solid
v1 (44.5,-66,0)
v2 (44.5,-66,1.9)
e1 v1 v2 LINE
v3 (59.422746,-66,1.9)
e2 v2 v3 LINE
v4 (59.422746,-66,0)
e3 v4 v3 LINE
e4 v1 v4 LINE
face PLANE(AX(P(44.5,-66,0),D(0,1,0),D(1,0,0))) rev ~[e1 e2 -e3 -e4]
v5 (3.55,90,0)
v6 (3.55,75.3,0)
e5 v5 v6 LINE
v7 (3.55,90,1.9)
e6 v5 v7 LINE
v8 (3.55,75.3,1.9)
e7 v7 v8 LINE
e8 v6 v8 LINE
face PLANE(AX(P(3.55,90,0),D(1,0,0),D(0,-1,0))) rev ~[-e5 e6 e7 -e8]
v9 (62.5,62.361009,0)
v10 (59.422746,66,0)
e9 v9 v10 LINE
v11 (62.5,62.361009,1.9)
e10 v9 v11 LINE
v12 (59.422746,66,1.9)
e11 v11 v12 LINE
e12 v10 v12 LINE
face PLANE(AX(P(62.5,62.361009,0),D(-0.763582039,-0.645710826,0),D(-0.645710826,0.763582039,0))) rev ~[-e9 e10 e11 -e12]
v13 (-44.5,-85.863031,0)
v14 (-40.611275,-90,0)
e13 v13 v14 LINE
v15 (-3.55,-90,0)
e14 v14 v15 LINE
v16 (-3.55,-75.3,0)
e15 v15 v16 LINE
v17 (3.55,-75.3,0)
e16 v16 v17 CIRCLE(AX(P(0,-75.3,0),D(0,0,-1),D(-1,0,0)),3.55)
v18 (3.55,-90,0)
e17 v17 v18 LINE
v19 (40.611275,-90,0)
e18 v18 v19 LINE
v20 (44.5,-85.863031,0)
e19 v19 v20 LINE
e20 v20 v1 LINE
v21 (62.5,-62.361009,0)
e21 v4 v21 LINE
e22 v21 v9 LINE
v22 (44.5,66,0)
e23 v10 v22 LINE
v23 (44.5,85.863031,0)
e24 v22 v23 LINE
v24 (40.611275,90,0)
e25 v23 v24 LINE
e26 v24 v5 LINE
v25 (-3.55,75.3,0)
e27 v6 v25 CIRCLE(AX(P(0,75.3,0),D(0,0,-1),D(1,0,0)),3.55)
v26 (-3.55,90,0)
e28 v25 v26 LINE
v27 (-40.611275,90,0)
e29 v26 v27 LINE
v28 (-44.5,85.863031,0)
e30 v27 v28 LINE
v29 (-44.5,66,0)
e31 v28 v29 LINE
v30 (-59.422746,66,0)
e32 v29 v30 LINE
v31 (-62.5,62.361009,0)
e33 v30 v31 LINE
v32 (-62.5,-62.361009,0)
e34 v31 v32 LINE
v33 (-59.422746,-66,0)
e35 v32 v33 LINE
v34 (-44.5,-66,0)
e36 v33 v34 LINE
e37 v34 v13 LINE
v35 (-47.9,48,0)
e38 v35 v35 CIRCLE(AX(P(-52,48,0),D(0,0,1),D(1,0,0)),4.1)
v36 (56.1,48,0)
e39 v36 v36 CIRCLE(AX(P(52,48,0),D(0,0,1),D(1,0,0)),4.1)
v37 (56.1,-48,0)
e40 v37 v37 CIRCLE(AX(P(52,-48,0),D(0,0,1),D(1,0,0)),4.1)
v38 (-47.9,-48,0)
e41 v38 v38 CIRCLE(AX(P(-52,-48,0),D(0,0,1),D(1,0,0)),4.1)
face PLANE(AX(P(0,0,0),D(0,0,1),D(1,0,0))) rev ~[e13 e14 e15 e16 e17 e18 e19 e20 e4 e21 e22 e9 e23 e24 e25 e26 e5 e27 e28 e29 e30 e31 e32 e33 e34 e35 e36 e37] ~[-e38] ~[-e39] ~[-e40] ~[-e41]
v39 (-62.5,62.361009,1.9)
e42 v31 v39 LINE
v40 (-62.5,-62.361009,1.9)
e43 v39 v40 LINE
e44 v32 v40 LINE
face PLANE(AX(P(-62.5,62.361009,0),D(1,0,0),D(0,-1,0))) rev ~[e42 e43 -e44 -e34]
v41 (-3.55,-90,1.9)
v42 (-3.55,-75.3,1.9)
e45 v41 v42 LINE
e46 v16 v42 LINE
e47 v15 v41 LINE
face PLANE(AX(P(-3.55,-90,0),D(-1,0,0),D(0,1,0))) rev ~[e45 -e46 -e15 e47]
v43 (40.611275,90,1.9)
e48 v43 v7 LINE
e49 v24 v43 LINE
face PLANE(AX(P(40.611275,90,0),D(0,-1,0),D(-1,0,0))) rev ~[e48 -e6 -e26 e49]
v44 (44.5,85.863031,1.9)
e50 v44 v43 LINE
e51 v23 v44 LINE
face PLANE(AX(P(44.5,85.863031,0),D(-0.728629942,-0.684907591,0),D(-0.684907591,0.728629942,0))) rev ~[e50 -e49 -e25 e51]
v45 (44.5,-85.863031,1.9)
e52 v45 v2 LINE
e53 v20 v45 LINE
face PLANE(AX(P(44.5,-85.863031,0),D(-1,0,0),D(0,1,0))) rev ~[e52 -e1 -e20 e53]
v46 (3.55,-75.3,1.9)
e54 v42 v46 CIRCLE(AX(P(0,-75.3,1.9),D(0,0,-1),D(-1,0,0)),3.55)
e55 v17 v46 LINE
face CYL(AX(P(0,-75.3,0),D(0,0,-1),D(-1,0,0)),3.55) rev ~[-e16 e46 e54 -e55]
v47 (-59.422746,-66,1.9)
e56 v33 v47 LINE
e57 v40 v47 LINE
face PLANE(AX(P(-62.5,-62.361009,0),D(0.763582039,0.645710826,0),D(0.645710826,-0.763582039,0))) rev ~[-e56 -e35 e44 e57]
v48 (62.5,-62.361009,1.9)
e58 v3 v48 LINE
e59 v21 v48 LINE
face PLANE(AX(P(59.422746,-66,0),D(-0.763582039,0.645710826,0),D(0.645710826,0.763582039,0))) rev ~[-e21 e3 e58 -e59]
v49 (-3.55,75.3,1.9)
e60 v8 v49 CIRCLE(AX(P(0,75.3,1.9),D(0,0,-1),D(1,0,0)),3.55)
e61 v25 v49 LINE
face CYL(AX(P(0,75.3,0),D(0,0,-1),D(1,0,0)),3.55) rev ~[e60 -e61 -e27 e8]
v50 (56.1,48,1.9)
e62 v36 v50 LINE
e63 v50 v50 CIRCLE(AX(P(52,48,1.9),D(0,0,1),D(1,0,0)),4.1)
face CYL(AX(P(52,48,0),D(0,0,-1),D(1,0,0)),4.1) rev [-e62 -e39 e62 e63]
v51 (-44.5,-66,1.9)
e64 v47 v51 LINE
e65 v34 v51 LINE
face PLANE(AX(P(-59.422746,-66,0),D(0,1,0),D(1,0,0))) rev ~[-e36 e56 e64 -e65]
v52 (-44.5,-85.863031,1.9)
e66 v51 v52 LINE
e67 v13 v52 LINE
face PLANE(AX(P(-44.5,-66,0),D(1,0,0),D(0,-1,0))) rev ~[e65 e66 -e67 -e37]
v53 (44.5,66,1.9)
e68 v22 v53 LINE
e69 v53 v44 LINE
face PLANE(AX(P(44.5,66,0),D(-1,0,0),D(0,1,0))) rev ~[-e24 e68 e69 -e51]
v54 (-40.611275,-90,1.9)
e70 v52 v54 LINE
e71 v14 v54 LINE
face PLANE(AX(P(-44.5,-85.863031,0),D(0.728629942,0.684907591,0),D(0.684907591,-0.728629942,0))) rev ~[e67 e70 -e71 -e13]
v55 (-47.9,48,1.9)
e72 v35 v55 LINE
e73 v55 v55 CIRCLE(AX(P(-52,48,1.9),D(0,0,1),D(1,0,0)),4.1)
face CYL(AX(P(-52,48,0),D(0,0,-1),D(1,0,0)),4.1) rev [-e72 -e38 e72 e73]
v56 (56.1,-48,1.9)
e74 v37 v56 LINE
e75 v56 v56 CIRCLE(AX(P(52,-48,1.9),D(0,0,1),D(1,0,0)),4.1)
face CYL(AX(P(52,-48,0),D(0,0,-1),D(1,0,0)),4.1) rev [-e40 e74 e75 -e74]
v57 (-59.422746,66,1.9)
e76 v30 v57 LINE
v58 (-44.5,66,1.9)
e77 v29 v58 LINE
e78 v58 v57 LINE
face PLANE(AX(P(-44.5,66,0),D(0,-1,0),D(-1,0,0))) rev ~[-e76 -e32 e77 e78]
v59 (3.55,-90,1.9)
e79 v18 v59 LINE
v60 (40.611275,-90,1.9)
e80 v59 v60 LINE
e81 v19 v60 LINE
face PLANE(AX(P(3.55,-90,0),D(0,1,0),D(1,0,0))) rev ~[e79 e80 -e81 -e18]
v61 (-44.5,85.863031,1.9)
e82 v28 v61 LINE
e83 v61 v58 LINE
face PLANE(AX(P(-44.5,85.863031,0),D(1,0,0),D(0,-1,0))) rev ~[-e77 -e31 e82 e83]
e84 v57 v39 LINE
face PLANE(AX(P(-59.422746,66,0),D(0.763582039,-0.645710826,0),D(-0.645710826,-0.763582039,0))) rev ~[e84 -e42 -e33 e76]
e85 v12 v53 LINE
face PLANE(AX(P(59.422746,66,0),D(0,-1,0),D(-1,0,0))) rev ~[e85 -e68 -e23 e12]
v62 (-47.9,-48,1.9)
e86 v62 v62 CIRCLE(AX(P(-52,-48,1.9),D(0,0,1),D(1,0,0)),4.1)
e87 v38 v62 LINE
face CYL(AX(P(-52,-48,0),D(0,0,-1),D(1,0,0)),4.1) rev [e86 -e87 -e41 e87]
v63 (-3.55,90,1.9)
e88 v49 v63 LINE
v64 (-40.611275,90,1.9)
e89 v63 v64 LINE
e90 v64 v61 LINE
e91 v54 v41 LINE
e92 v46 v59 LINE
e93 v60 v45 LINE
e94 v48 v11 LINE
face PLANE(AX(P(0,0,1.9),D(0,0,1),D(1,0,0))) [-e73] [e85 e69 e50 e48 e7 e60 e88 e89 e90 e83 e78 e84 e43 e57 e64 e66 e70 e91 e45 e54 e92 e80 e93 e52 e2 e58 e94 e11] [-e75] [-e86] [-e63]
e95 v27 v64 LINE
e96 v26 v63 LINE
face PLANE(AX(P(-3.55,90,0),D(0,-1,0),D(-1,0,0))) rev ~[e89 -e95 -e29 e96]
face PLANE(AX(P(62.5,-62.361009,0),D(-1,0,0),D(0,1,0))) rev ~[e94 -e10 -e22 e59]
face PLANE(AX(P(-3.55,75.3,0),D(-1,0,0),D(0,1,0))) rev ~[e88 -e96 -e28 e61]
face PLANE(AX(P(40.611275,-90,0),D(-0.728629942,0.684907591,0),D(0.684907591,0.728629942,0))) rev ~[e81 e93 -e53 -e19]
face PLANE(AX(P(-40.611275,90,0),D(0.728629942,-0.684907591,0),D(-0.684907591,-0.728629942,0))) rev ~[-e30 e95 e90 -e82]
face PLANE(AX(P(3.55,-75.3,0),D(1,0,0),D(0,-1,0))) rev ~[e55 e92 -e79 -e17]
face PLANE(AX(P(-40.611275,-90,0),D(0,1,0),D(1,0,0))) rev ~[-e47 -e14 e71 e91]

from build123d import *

# Parameters (mm, degrees)
F0_R     = 4.1
F1_DEPTH = 1.9


with BuildPart() as f1:
    # F0 (on Top) → F1 (new body)
    with BuildSketch(Plane.XY):
        with BuildLine():
            Line((3.55, -90), (40.611275, -90))
            Line((40.611275, -90), (44.5, -85.863031))
            Line((44.5, -85.863031), (44.5, -66))
            Line((44.5, -66), (59.422746, -66))
            Line((59.422746, -66), (62.5, -62.361009))
            Line((62.5, -62.361009), (62.5, 62.361009))
            Line((62.5, 62.361009), (59.422746, 66))
            Line((59.422746, 66), (44.5, 66))
            Line((44.5, 66), (44.5, 85.863031))
            Line((44.5, 85.863031), (40.611275, 90))
            Line((40.611275, 90), (3.55, 90))
            Line((3.55, 90), (3.55, 75.3))
            ThreePointArc((3.55, 75.3), (0, 71.75), (-3.55, 75.3))
            Line((-3.55, 75.3), (-3.55, 90))
            Line((-3.55, 90), (-40.611275, 90))
            Line((-40.611275, 90), (-44.5, 85.863031))
            Line((-44.5, 85.863031), (-44.5, 66))
            Line((-44.5, 66), (-59.422746, 66))
            Line((-59.422746, 66), (-62.5, 62.361009))
            Line((-62.5, 62.361009), (-62.5, -62.361009))
            Line((-62.5, -62.361009), (-59.422746, -66))
            Line((-59.422746, -66), (-44.5, -66))
            Line((-44.5, -66), (-44.5, -85.863031))
            Line((-44.5, -85.863031), (-40.611275, -90))
            Line((-40.611275, -90), (-3.55, -90))
            Line((-3.55, -90), (-3.55, -75.3))
            ThreePointArc((-3.55, -75.3), (0, -71.75), (3.55, -75.3))
            Line((3.55, -75.3), (3.55, -90))
        make_face()
        with Locations((-52, -48)):
            Circle(F0_R, mode=Mode.SUBTRACT)
        with Locations((52, -48)):
            Circle(F0_R, mode=Mode.SUBTRACT)
        with Locations((-52, 48)):
            Circle(F0_R, mode=Mode.SUBTRACT)
        with Locations((52, 48)):
            Circle(F0_R, mode=Mode.SUBTRACT)
    extrude(amount=F1_DEPTH)


solid = f1.part
